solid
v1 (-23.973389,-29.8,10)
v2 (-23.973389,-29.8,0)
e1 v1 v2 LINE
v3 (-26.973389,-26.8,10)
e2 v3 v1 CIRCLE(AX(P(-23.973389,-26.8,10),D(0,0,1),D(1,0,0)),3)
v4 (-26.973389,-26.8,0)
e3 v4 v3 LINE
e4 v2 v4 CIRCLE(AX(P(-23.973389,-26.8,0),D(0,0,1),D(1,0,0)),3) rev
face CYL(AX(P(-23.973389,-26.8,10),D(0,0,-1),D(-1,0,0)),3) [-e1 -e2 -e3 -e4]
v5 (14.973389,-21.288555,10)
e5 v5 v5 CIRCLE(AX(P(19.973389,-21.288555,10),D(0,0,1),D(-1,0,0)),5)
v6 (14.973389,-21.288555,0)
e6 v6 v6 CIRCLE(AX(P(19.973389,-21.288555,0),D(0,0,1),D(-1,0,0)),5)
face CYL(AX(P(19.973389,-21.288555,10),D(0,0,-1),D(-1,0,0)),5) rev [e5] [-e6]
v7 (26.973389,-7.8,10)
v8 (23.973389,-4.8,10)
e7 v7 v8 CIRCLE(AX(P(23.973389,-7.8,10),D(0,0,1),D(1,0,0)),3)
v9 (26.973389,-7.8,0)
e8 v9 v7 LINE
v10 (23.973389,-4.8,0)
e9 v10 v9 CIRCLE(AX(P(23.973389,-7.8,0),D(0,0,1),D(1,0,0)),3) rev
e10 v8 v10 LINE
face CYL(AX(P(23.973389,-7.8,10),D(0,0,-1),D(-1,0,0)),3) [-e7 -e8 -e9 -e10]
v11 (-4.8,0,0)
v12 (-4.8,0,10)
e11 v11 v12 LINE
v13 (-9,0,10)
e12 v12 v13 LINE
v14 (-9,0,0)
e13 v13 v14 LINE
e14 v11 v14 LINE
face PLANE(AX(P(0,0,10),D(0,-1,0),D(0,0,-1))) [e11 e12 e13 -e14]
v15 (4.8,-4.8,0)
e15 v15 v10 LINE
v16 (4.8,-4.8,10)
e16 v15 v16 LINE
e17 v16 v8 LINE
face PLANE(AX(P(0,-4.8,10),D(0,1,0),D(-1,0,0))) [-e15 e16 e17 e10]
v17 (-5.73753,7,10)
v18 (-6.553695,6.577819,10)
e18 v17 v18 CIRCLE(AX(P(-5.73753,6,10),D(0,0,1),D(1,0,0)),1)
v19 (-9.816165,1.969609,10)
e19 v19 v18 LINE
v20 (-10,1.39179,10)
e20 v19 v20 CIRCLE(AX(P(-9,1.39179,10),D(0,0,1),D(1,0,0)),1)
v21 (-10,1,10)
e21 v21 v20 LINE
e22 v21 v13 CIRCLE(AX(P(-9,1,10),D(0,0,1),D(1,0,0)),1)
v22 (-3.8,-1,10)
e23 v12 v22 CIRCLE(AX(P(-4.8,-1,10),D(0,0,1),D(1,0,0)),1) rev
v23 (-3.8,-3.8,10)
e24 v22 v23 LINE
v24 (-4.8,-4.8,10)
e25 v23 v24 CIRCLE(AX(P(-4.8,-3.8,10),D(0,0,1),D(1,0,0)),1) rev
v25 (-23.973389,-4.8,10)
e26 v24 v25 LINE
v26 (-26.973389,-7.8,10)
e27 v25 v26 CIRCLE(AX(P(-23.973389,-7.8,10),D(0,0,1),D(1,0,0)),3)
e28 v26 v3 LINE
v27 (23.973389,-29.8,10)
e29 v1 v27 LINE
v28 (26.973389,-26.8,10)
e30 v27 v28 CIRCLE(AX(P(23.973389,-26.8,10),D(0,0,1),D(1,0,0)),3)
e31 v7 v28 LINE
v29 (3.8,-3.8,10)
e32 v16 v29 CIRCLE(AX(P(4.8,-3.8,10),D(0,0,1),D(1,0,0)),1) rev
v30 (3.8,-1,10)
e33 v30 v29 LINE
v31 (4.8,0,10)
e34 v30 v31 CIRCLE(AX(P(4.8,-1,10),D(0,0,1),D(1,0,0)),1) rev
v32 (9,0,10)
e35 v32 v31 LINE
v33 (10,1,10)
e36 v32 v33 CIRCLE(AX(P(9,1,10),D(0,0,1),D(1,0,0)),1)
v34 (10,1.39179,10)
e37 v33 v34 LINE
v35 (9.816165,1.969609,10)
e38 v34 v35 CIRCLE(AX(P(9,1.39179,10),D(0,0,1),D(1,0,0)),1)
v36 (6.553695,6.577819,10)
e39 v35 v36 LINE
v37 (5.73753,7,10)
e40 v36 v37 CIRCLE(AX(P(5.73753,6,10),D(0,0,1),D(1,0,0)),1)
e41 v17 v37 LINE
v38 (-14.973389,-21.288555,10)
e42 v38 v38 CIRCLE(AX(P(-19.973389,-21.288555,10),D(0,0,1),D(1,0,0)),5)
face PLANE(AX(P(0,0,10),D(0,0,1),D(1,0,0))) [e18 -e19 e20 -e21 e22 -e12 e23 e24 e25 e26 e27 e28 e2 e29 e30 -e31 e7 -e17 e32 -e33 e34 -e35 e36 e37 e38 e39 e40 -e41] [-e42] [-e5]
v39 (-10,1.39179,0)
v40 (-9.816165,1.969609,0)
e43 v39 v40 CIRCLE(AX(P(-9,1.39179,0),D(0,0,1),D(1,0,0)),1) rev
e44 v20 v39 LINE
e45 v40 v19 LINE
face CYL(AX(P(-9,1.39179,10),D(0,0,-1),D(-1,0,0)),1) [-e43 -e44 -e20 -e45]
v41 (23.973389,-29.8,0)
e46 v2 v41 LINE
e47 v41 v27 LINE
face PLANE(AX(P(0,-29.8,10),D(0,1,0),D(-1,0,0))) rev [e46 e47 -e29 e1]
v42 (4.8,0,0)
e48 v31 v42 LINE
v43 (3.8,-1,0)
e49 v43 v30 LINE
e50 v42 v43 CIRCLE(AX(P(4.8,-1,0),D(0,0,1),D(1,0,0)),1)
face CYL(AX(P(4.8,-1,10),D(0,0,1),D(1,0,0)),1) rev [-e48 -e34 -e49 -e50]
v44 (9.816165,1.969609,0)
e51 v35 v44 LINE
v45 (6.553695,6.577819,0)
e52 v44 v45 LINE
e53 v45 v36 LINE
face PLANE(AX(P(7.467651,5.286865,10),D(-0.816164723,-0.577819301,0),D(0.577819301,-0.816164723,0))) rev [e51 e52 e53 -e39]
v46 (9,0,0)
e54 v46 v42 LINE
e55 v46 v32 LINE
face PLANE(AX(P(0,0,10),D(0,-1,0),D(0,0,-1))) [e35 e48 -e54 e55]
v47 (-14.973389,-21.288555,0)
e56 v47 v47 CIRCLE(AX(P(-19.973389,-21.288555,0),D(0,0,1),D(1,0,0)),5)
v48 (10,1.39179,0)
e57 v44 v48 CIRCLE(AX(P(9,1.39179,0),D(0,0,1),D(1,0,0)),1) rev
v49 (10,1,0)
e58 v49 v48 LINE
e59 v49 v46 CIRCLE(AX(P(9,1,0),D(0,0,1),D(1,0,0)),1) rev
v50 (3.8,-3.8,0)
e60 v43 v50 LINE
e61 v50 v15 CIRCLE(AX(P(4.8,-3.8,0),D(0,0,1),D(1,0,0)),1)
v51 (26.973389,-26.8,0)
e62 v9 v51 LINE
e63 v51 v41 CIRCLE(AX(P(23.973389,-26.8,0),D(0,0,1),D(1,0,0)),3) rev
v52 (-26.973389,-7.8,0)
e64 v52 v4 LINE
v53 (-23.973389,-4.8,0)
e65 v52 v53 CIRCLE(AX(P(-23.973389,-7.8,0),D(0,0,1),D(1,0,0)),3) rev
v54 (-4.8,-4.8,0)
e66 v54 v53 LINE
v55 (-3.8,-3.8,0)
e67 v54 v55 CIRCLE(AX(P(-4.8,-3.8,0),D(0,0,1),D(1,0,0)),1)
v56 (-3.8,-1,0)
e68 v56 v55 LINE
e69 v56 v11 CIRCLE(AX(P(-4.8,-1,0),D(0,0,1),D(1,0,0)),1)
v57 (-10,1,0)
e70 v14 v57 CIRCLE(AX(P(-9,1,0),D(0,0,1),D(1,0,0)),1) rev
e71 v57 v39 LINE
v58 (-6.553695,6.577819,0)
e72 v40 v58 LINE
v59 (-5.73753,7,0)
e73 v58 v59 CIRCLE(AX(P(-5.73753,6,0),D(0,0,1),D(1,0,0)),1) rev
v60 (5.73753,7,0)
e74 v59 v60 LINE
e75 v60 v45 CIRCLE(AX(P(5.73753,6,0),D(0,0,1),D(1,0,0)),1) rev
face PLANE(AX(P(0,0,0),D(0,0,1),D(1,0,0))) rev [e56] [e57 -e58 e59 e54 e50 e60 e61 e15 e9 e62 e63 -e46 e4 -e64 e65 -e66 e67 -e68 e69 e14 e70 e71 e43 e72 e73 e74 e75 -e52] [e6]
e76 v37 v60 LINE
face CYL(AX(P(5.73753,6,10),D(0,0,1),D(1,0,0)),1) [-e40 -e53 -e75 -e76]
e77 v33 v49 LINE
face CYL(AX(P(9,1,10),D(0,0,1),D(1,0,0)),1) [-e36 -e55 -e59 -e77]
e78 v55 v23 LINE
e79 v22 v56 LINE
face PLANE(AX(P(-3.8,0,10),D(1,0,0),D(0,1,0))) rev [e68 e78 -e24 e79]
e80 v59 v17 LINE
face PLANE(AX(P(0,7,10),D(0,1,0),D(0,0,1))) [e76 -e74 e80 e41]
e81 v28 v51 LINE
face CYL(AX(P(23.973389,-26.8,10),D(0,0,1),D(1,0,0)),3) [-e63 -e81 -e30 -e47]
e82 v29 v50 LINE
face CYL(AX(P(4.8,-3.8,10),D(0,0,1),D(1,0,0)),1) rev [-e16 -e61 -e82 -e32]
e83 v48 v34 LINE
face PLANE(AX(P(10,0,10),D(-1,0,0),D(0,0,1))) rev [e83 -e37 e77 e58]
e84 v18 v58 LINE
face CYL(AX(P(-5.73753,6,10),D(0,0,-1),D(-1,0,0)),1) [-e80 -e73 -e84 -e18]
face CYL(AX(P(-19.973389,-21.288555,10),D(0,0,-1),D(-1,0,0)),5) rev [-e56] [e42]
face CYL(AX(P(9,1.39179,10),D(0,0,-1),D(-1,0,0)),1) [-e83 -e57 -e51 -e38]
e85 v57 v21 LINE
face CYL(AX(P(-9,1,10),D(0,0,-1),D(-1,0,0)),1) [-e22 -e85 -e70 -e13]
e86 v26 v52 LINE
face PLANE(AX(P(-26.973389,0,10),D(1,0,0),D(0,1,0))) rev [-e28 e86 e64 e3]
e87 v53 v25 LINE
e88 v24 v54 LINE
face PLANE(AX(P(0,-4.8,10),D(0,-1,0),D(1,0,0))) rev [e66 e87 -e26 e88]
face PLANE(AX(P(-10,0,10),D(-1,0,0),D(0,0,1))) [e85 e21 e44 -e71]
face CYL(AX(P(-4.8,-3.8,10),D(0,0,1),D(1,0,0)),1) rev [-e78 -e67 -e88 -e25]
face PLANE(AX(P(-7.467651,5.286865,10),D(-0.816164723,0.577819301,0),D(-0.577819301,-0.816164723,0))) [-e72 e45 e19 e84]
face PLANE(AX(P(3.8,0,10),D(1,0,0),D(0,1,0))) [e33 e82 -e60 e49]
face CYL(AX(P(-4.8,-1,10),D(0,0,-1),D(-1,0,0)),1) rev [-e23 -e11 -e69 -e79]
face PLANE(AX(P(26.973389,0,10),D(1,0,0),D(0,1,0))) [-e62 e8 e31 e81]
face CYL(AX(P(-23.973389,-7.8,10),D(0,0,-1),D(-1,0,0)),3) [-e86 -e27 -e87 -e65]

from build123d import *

# Parameters (mm, degrees)
BOSS_EXTRUDE1_DEPTH = 10
BOSS_EXTRUDE2_DEPTH = 10
SKETCH5_R           = 5
CUT_EXTRUDE1_DEPTH  = 42.419846722
FILLET1_R           = 1
FILLET2_R           = 1
FILLET3_R           = 3


with BuildPart() as part:
    # Sketch2 → Boss-Extrude1 (new body)
    with BuildSketch(Plane.XY):
        Polygon((-10, 0), (0, 0), (0, 7), (-6.25480432, 7), (-10, 1.709943763), align=None)
        Polygon((0, 0), (10, 0), (10, 1.709943763), (6.25480432, 7), (0, 7), align=None)
    extrude(amount=BOSS_EXTRUDE1_DEPTH)

    # Sketch4 → Boss-Extrude2 (add)
    with BuildSketch(Plane.XY):
        Polygon((0, 0), (-3.8, 0), (-3.8, -4.8), (-26.973388784, -4.8), (-26.973388784, -29.8), (0, -29.8), align=None)
        Polygon((3.8, 0), (0, 0), (0, -29.8), (26.973388784, -29.8), (26.973388784, -4.8), (3.8, -4.8), align=None)
    extrude(amount=BOSS_EXTRUDE2_DEPTH)

    # Sketch5 → Cut-Extrude1 (cut, through all)
    with BuildSketch(Plane.XY):
        with Locations((-19.973388784, -21.288554557)):
            Circle(SKETCH5_R)
        with Locations(Location((19.973388784, -21.288554557, 0), (0, 0, 180))):
            Circle(SKETCH5_R)
    extrude(amount=CUT_EXTRUDE1_DEPTH, mode=Mode.SUBTRACT)

    # Fillet1
    fillet1_edges = [part.edges().sort_by_distance(p)[0] for p in [
        (-10, 0, 5),
        (-10, 1.709943763, 5),
        (-6.25480432, 7, 5),
        (6.25480432, 7, 5),
        (10, 1.709943763, 5),
        (10, 0, 5),
    ]]
    fillet(fillet1_edges, radius=FILLET1_R)

    # Fillet2
    fillet2_edges = [part.edges().sort_by_distance(p)[0] for p in [
        (3.8, -4.8, 5),
        (3.8, 0, 5),
        (-3.8, 0, 5),
        (-3.8, -4.8, 5),
    ]]
    fillet(fillet2_edges, radius=FILLET2_R)

    # Fillet3
    fillet3_edges = [part.edges().sort_by_distance(p)[0] for p in [
        (-26.973388784, -29.8, 5),
        (26.973388784, -29.8, 5),
        (26.973388784, -4.8, 5),
        (-26.973388784, -4.8, 5),
    ]]
    fillet(fillet3_edges, radius=FILLET3_R)


solid = part.part
